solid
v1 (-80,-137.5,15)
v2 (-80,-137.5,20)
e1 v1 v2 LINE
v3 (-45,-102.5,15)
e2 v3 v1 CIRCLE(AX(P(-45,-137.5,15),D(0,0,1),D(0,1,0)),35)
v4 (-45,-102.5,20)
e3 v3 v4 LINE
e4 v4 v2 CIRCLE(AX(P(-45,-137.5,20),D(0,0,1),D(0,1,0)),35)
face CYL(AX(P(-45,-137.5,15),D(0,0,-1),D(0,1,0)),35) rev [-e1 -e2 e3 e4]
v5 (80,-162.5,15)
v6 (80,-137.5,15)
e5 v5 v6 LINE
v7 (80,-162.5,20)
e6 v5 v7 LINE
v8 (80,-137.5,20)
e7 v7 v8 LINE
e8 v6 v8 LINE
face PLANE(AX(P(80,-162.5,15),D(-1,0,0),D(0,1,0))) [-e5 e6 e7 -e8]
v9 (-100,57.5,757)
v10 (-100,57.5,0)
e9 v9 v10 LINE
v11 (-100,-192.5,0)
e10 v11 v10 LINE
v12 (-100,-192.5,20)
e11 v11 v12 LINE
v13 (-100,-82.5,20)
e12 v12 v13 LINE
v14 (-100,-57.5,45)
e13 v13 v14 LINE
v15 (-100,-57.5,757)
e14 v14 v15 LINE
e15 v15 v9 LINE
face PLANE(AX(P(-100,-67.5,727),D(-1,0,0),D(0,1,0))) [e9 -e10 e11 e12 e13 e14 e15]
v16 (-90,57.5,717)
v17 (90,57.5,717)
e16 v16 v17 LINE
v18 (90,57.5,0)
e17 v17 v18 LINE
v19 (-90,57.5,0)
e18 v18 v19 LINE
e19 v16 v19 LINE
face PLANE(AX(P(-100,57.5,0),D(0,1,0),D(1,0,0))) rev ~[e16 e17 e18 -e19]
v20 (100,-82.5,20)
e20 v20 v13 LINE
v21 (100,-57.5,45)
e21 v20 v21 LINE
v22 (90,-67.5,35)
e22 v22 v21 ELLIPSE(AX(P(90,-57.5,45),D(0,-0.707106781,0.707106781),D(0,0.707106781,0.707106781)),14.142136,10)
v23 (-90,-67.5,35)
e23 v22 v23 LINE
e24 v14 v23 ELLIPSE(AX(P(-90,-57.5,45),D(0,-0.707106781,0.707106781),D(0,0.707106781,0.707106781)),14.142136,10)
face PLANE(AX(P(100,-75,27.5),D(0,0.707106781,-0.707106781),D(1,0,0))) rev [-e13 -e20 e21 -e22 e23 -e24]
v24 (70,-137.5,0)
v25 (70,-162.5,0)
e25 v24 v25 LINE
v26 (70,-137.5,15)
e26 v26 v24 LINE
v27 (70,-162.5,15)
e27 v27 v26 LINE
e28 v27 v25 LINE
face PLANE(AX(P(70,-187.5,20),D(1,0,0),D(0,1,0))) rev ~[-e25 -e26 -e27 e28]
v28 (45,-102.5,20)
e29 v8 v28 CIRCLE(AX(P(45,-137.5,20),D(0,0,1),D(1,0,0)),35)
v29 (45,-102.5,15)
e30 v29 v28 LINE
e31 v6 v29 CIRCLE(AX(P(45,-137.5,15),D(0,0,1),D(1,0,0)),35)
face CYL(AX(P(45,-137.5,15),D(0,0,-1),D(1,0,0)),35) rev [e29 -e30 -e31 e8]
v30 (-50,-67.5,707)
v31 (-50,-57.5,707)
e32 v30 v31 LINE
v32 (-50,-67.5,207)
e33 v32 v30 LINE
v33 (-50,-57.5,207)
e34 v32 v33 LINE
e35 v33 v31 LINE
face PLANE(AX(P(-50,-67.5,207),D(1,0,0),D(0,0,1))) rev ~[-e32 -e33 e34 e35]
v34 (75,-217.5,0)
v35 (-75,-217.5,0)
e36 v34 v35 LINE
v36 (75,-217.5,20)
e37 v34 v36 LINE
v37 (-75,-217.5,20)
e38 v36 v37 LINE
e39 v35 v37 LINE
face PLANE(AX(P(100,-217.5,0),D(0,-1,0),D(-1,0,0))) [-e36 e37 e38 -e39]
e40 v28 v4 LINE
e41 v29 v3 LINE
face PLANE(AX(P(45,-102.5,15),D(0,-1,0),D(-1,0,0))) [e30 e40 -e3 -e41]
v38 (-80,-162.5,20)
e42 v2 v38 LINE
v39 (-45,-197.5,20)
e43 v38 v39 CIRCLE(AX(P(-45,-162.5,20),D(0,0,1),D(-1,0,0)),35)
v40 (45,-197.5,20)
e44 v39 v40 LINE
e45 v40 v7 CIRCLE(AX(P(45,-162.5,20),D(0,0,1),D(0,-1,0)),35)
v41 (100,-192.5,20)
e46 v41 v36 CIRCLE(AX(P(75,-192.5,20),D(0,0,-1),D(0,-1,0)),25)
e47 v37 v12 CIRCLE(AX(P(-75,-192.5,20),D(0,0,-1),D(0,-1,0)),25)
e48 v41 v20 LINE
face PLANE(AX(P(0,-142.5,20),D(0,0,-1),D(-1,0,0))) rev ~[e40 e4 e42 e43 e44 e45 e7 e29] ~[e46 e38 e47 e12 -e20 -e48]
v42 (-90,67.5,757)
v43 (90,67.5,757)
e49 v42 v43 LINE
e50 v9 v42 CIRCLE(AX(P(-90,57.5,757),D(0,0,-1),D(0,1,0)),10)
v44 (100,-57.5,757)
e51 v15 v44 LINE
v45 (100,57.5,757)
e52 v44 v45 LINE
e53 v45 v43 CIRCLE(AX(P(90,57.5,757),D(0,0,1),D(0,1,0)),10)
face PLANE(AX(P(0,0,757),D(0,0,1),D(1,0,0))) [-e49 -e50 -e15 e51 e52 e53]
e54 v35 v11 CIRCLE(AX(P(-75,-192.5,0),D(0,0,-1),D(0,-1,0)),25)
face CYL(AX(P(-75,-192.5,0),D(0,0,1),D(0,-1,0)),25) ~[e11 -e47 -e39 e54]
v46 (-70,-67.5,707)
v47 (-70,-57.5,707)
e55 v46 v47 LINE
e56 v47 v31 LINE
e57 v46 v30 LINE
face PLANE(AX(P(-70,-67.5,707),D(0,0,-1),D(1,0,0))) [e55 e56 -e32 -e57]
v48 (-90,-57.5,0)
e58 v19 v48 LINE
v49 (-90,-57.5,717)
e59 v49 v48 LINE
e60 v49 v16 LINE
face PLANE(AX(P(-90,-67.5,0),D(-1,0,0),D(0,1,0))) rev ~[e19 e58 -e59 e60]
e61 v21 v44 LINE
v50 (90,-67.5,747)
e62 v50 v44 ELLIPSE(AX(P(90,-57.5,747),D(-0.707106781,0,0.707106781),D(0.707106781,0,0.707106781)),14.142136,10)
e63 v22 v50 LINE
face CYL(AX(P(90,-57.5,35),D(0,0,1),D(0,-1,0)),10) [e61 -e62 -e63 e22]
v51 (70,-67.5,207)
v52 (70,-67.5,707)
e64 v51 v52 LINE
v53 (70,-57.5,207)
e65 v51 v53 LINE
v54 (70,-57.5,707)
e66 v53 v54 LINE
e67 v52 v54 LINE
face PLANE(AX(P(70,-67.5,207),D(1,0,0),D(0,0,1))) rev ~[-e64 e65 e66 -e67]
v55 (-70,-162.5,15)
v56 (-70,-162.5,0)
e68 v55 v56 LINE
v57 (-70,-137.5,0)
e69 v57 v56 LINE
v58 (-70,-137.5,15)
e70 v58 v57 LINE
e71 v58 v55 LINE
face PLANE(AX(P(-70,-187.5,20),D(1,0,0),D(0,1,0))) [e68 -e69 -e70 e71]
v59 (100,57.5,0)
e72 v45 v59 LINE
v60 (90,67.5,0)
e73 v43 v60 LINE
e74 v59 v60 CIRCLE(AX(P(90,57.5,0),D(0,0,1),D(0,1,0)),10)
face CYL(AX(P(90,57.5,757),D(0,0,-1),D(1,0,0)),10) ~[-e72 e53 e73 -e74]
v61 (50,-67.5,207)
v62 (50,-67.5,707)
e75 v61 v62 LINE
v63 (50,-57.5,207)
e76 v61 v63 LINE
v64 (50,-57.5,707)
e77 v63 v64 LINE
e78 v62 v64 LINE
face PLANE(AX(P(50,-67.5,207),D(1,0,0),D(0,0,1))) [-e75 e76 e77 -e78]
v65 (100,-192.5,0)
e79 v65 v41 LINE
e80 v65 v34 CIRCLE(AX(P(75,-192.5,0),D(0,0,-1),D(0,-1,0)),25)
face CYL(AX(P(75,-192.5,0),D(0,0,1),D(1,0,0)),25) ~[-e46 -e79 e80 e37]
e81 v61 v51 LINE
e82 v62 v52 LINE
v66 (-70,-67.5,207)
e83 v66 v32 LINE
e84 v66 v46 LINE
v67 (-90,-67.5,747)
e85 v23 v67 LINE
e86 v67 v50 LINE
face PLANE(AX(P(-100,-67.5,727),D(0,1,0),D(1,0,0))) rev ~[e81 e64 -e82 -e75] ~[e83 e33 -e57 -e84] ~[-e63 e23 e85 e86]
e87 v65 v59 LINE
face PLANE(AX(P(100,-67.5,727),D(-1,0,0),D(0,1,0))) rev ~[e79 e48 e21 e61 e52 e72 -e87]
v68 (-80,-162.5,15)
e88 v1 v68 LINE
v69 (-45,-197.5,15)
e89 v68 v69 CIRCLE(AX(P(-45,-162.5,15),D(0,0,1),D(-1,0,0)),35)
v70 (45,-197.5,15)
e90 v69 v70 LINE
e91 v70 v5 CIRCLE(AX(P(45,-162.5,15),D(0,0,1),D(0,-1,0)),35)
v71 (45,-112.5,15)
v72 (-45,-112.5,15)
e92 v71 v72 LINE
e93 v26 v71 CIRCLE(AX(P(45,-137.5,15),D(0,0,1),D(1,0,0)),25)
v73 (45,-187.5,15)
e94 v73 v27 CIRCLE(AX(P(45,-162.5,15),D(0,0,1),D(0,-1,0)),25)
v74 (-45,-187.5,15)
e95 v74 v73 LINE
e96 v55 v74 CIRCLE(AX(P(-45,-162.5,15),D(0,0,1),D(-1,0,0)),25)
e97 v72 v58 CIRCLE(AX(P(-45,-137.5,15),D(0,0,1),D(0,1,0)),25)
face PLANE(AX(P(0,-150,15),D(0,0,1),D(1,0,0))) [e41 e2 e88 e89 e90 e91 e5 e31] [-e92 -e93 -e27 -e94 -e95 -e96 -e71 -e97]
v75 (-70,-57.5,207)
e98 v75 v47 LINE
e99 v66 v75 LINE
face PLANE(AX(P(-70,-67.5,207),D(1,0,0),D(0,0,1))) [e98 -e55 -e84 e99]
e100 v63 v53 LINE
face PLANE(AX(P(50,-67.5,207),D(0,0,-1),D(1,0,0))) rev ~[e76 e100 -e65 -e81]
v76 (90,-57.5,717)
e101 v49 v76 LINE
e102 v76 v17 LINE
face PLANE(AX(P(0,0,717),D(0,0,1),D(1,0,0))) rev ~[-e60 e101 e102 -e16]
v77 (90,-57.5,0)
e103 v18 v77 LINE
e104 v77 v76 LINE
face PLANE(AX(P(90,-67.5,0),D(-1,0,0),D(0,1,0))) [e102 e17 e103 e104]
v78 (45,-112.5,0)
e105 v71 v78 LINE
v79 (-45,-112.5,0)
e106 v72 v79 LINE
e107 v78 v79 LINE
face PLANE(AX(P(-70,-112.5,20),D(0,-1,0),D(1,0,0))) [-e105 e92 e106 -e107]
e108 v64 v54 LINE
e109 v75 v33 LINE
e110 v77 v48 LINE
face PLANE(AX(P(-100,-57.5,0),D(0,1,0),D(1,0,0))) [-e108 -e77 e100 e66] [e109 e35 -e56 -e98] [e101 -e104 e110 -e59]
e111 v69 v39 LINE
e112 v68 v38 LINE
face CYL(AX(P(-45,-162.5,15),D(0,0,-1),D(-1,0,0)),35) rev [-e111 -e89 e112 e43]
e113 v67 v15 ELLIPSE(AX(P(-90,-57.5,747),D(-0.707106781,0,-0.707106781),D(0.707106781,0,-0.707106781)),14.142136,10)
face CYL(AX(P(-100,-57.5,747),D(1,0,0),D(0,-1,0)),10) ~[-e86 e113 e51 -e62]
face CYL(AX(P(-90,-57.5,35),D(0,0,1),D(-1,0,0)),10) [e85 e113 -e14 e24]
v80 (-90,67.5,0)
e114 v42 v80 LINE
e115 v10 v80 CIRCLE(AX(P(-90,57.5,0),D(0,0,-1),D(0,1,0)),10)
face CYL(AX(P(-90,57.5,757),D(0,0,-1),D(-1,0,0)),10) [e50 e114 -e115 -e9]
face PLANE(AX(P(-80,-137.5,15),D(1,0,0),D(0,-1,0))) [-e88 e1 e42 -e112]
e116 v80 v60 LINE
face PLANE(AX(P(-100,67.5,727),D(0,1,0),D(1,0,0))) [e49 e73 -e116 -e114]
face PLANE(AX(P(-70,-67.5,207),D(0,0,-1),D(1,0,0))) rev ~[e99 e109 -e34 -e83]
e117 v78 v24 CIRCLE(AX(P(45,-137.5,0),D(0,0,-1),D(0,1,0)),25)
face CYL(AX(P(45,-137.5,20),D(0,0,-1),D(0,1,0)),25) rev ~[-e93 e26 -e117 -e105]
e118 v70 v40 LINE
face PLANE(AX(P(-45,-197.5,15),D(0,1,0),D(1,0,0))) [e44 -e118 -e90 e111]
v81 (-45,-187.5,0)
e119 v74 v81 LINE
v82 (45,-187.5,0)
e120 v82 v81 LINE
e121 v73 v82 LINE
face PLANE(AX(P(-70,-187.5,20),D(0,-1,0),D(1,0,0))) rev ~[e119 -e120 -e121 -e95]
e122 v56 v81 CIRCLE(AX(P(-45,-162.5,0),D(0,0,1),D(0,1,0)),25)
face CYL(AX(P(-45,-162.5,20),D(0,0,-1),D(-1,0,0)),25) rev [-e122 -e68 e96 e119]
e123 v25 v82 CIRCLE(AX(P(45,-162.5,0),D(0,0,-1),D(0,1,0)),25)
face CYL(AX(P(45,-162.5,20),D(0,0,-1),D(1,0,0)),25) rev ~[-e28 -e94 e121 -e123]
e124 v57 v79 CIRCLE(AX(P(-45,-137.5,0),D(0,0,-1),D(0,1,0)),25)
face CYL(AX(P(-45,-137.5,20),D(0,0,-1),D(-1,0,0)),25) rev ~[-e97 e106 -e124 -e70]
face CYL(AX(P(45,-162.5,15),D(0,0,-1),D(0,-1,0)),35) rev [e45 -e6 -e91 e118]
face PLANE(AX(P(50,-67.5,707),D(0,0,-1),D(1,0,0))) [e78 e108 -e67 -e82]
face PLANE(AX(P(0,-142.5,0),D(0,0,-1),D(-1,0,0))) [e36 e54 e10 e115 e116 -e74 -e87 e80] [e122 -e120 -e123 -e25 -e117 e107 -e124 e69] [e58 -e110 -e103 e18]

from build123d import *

# Parameters (mm, degrees)
ESQUISSE1_W             = 200
ESQUISSE1_H             = 135
BOSS_EXTRU_1_DEPTH      = 727
COQUE1_T                = -10
ESQUISSE2_W             = 20
ESQUISSE2_H             = 500
ENL_V_MAT_EXTRU_1_DEPTH = 10
ESQUISSE3_W             = 200
ESQUISSE3_H             = 150
BOSS_EXTRU_2_DEPTH      = 20
CHANFREIN1_SIZE         = 15
ESQUISSE4_W             = 140
ESQUISSE4_H             = 75
ENL_V_MAT_EXTRU_2_DEPTH = 747.428328776
CONG_3_R                = 25
CONG_2_R                = 25
ENL_V_START             = -5
ENL_V_MAT_EXTRU_3_DEPTH = 5
ESQUISSE8_W             = 200
ESQUISSE8_H             = 135
BOSS_EXTRU_3_DEPTH      = 30
CONG_5_R                = 10


with BuildPart() as part:
    # Esquisse1 → Boss.-Extru.1 (new body)
    with BuildSketch(Plane.XY):
        Rectangle(ESQUISSE1_W, ESQUISSE1_H)
    extrude(amount=BOSS_EXTRU_1_DEPTH)

    # Coque1
    coque1_openings = [part.faces().sort_by_distance(p)[0] for p in [
        (0, 0, 0),
    ]]
    offset(amount=COQUE1_T, openings=coque1_openings, kind=Kind.INTERSECTION)

    # Esquisse2 → Enlèv. mat.-Extru.1 (cut)
    with BuildSketch(Plane.XZ.offset(67.5)):
        with Locations((-60, 457)):
            Rectangle(ESQUISSE2_W, ESQUISSE2_H)
        with Locations((60, 457)):
            Rectangle(ESQUISSE2_W, ESQUISSE2_H)
    extrude(amount=-ENL_V_MAT_EXTRU_1_DEPTH, mode=Mode.SUBTRACT)

    # Esquisse3 → Boss.-Extru.2 (add)
    with BuildSketch(Plane(origin=(0, 0, 0), x_dir=(-1, 0, 0), z_dir=(0, 0, -1))):
        with Locations((0, -142.5)):
            Rectangle(ESQUISSE3_W, ESQUISSE3_H)
    extrude(amount=-BOSS_EXTRU_2_DEPTH)

    # Chanfrein1
    chanfrein1_edges = [part.edges().sort_by_distance(p)[0] for p in [
        (0, -67.5, 20),
    ]]
    chamfer(chanfrein1_edges, length=CHANFREIN1_SIZE)

    # Esquisse4 → Enlèv. mat.-Extru.2 (cut, through all)
    with BuildSketch(Plane.XY.offset(20)):
        with Locations((0, -150)):
            Rectangle(ESQUISSE4_W, ESQUISSE4_H)
    extrude(amount=-ENL_V_MAT_EXTRU_2_DEPTH, mode=Mode.SUBTRACT)

    # Congé3
    cong_3_edges = [part.edges().sort_by_distance(p)[0] for p in [
        (70, -187.5, 10),
        (-70, -187.5, 10),
        (-70, -112.5, 10),
        (70, -112.5, 10),
    ]]
    fillet(cong_3_edges, radius=CONG_3_R)

    # Congé2
    cong_2_edges = [part.edges().sort_by_distance(p)[0] for p in [
        (-100, -217.5, 10),
        (100, -217.5, 10),
    ]]
    fillet(cong_2_edges, radius=CONG_2_R)

    # Esquisse5 → Enlèv. mat.-Extru.3 (cut)
    with BuildSketch(Plane.XY.offset(20).offset(ENL_V_START)):
        with BuildLine():
            Line((45, -102.5), (-45, -102.5))
            ThreePointArc((-45, -102.5), (-69.748737342, -112.751262658), (-80, -137.5))
            Line((-80, -137.5), (-80, -162.5))
            ThreePointArc((-80, -162.5), (-69.748737342, -187.248737342), (-45, -197.5))
            Line((-45, -197.5), (45, -197.5))
            ThreePointArc((45, -197.5), (69.748737342, -187.248737342), (80, -162.5))
            Line((80, -162.5), (80, -137.5))
            ThreePointArc((80, -137.5), (69.748737342, -112.751262658), (45, -102.5))
        make_face()
        with BuildLine():
            Line((70, -162.5), (70, -137.5))
            ThreePointArc((70, -137.5), (62.67766953, -119.82233047), (45, -112.5))
            Line((45, -112.5), (-45, -112.5))
            ThreePointArc((-45, -112.5), (-62.67766953, -119.82233047), (-70, -137.5))
            Line((-70, -137.5), (-70, -162.5))
            ThreePointArc((-70, -162.5), (-62.67766953, -180.17766953), (-45, -187.5))
            Line((-45, -187.5), (45, -187.5))
            ThreePointArc((45, -187.5), (62.67766953, -180.17766953), (70, -162.5))
        make_face(mode=Mode.SUBTRACT)
    extrude(amount=ENL_V_MAT_EXTRU_3_DEPTH, mode=Mode.SUBTRACT)

    # Esquisse8 → Boss.-Extru.3 (add)
    with BuildSketch(Plane.XY.offset(727)):
        Rectangle(ESQUISSE8_W, ESQUISSE8_H)
    extrude(amount=BOSS_EXTRU_3_DEPTH)

    # Congé5
    cong_5_edges = [part.edges().sort_by_distance(p)[0] for p in [
        (0, -67.5, 757),
        (100, -67.5, 396),
        (-100, -67.5, 396),
        (-100, 67.5, 378.5),
        (100, 67.5, 378.5),
    ]]
    fillet(cong_5_edges, radius=CONG_5_R)


solid = part.part
